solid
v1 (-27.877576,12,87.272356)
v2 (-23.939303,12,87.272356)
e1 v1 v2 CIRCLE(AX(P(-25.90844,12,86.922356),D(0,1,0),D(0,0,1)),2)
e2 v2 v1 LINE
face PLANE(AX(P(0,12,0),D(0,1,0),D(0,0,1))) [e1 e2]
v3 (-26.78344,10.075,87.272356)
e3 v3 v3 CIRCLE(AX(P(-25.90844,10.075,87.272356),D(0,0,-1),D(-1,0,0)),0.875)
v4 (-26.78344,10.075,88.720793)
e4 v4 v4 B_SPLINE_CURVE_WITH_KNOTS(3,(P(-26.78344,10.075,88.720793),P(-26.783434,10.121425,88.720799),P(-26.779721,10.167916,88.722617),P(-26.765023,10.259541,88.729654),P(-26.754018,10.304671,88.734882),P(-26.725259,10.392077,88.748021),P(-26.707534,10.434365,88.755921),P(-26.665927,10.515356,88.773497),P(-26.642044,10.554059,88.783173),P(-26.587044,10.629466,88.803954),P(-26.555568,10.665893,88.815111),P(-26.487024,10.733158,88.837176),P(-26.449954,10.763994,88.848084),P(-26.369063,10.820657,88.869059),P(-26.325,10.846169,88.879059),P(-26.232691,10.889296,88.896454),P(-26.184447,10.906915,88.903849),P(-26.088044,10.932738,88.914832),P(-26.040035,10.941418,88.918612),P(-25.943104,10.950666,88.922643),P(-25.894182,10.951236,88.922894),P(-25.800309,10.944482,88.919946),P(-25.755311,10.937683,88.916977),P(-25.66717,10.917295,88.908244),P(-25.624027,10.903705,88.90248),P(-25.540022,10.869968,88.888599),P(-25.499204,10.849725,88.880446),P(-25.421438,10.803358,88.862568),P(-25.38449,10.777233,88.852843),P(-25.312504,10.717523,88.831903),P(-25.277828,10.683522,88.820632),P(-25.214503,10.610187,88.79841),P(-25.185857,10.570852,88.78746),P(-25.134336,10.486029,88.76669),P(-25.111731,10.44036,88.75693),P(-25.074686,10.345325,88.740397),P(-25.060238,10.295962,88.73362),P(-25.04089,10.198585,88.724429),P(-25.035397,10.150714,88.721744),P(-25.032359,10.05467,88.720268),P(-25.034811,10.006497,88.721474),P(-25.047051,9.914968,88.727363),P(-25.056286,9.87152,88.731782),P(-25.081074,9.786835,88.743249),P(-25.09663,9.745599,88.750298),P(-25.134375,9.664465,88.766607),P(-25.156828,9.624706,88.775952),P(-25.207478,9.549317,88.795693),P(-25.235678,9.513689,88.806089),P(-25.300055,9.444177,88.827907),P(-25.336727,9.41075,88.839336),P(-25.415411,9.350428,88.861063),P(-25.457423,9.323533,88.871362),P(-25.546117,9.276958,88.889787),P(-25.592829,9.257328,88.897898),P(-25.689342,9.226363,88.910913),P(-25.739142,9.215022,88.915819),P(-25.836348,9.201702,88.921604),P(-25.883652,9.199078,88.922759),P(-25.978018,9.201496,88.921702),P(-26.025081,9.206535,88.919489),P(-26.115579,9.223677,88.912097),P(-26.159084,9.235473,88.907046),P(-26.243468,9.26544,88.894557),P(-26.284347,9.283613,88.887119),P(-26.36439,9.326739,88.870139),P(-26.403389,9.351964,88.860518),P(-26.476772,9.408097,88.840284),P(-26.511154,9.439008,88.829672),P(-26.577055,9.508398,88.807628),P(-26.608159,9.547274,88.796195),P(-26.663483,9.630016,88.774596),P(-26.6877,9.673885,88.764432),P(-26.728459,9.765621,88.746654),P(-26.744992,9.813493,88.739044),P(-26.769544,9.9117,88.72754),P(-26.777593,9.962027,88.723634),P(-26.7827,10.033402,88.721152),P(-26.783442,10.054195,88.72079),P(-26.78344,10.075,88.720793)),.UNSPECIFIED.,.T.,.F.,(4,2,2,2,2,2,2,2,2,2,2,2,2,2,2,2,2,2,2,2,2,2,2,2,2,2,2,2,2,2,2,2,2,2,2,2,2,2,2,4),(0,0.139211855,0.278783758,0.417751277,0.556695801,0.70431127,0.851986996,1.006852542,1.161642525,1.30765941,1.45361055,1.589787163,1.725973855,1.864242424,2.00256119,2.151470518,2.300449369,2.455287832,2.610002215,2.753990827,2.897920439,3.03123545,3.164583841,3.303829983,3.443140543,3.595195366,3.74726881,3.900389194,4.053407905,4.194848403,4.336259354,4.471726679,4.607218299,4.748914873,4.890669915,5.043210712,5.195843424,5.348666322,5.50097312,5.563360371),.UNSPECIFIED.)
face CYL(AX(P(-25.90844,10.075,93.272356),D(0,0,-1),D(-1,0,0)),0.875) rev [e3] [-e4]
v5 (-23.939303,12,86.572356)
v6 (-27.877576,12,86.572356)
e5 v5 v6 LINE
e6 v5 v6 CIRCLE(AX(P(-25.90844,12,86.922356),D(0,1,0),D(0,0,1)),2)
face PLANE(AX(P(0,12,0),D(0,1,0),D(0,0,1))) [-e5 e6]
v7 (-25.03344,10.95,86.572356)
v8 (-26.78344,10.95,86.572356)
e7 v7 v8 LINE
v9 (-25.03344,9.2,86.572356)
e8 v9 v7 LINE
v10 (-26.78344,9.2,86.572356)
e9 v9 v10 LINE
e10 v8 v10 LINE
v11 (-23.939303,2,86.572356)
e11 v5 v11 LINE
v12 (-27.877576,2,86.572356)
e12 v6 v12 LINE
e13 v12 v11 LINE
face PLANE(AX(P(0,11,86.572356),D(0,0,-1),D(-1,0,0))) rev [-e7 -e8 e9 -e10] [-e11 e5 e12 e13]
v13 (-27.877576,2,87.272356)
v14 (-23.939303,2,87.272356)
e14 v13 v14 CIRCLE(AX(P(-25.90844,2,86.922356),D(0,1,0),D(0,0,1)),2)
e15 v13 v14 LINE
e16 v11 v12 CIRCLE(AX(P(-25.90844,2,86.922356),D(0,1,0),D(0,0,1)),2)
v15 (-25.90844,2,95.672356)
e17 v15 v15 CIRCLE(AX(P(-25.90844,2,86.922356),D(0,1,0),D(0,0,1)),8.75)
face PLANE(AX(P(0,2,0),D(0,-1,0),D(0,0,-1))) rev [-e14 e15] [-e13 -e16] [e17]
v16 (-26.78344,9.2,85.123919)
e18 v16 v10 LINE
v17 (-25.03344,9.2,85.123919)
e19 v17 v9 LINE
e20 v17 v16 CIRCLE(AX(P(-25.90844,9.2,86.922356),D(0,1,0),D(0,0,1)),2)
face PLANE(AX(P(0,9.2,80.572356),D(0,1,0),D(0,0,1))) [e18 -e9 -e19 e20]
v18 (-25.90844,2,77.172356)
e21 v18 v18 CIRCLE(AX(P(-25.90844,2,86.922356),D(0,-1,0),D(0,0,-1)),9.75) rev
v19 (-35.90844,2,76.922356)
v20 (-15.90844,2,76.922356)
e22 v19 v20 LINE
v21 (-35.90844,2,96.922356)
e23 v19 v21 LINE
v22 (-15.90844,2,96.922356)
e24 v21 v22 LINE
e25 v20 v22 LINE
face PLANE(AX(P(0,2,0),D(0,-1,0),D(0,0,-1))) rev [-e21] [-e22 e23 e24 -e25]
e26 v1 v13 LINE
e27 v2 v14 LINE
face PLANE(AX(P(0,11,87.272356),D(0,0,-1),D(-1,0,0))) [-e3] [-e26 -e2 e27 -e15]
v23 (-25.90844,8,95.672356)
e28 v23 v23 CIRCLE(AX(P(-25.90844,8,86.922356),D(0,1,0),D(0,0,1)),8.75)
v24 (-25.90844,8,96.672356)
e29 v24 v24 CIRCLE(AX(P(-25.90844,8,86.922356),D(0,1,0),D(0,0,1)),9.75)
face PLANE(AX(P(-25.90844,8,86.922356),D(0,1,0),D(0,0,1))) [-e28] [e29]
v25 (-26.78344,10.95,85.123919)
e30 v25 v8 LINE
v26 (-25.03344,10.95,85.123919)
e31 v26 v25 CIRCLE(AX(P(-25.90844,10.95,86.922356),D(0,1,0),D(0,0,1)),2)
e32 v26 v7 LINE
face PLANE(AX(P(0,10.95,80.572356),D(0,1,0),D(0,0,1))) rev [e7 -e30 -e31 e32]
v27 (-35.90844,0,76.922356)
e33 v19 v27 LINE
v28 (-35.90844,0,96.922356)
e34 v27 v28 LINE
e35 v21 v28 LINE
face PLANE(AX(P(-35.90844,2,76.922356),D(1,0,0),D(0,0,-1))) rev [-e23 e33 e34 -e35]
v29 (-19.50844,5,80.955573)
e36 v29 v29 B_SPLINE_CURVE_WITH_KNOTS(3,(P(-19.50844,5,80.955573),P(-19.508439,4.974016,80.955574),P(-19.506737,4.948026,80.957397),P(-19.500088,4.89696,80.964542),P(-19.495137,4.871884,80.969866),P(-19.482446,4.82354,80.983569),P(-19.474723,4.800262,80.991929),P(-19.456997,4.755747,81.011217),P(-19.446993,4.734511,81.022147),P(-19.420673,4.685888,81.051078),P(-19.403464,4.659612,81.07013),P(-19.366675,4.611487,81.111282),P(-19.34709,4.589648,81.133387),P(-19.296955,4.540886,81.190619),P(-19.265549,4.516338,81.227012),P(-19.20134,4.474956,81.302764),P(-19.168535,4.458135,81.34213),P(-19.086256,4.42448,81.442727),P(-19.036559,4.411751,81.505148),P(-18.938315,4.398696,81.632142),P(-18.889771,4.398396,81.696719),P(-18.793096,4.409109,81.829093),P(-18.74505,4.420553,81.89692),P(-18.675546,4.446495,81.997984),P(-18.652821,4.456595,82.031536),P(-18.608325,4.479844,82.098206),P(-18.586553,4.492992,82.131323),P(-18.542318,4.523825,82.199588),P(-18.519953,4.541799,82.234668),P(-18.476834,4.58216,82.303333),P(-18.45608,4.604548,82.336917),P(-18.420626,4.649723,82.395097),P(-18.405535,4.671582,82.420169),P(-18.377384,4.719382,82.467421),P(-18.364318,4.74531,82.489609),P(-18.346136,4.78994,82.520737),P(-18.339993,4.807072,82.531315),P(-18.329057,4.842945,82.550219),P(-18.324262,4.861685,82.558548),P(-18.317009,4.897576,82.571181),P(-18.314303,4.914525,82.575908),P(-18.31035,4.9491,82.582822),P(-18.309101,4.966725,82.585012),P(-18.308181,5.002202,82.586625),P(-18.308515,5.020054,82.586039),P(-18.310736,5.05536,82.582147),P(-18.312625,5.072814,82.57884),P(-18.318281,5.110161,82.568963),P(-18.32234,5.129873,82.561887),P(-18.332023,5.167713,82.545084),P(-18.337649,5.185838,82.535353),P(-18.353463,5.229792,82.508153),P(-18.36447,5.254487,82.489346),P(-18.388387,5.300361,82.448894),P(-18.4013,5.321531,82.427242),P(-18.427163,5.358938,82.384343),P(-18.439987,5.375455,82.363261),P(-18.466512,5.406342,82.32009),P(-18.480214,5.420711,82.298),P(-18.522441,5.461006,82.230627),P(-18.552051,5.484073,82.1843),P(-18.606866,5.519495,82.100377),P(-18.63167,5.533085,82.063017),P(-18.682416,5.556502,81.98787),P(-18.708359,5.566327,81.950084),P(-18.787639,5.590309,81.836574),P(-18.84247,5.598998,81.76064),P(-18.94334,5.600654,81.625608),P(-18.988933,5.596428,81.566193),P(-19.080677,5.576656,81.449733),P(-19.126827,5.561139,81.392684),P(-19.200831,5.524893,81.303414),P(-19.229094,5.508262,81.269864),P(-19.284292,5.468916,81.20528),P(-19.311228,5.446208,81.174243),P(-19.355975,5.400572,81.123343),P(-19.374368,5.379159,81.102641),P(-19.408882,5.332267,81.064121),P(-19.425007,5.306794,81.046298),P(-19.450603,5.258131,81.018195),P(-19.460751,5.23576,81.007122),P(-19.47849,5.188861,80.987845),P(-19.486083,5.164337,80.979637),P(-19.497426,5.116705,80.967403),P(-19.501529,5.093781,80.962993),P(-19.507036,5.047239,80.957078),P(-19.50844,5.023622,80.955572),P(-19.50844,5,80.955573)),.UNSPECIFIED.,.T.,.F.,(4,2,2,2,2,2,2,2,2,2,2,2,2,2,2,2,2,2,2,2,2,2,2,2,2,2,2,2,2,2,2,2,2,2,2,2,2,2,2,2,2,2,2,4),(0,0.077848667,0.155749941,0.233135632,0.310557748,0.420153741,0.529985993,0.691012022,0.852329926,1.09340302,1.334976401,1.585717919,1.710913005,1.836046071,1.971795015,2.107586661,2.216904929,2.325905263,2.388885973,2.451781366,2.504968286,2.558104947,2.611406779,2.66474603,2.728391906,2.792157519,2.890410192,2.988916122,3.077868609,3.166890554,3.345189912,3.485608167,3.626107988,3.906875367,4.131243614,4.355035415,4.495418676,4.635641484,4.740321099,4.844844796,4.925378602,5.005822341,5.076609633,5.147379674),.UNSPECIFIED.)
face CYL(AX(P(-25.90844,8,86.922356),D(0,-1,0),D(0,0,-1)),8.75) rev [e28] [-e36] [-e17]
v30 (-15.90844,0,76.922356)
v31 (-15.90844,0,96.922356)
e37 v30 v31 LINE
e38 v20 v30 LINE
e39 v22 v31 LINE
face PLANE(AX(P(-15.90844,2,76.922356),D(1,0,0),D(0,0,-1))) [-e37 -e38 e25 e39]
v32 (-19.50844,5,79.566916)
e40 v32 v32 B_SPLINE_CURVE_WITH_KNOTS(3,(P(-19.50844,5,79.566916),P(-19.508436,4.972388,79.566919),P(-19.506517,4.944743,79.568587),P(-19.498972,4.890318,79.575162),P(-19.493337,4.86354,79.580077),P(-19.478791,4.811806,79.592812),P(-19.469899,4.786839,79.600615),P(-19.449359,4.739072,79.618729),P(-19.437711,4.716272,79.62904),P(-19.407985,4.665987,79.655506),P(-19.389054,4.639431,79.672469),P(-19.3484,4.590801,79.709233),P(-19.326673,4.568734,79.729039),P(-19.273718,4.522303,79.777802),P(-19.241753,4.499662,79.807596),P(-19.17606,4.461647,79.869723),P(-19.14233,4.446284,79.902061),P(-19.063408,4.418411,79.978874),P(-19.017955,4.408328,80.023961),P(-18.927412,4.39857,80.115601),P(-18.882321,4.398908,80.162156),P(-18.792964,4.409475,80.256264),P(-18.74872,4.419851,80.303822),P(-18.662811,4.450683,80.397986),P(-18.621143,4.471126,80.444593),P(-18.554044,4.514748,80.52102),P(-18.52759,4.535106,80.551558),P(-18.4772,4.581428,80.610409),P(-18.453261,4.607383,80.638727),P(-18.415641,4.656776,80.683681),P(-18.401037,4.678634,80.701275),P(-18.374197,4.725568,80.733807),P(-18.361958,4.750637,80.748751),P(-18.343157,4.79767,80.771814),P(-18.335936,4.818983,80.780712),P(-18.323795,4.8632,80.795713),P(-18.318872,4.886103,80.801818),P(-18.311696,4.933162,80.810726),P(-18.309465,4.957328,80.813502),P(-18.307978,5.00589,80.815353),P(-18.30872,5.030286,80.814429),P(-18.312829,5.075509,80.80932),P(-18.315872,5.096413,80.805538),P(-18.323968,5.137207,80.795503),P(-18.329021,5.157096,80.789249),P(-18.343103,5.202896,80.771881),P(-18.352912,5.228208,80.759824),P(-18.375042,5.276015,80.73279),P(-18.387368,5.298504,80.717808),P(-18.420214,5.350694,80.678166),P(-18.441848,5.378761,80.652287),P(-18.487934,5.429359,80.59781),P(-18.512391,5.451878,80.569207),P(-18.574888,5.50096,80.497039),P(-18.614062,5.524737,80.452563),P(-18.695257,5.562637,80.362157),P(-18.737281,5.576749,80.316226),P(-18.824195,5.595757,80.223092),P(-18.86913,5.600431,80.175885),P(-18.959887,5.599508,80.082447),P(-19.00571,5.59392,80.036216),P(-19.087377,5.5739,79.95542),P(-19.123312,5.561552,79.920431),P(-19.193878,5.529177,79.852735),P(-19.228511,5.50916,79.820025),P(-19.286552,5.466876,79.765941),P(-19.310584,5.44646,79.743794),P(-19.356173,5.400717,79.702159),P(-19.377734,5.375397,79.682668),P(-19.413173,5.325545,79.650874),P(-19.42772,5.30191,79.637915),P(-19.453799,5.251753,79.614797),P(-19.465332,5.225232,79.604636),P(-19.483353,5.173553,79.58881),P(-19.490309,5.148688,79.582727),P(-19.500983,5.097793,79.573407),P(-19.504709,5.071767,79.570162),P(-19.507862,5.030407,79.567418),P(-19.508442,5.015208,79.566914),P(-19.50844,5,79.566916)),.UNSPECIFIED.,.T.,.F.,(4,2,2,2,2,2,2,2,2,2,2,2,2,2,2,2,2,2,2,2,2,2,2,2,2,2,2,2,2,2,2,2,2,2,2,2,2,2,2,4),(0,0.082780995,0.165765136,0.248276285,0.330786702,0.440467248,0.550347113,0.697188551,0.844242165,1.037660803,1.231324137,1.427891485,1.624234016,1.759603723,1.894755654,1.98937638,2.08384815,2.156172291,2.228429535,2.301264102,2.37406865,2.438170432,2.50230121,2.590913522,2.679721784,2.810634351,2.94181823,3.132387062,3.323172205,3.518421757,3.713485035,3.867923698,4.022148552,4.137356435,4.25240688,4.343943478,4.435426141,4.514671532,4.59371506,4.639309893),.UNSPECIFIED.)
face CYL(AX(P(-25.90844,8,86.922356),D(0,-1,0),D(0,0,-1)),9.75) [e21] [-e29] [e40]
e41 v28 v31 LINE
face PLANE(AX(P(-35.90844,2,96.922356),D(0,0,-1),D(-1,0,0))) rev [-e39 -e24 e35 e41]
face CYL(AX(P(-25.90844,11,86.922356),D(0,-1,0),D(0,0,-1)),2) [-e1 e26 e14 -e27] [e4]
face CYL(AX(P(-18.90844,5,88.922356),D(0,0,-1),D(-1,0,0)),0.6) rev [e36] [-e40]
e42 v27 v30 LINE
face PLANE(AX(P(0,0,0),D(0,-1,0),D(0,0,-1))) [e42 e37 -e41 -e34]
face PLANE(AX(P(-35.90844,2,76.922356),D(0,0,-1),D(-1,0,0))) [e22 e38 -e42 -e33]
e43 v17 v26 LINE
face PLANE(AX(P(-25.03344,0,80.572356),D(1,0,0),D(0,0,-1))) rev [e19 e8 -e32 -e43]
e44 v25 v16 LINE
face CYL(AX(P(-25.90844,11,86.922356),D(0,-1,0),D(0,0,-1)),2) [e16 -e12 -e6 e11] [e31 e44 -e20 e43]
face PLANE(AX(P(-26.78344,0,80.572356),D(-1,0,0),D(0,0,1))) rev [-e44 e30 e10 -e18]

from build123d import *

# Parameters (mm, degrees)
SKETCH1_W           = 20
SKETCH1_H           = 20
BOSS_EXTRUDE1_DEPTH = 2
SKETCH2_R           = 9.75
SKETCH2_R_2         = 8.75
BOSS_EXTRUDE2_DEPTH = 6
BOSS_EXTRUDE3_DEPTH = 9
CUT_EXTRUDE4_DEPTH  = 6
SKETCH6_R           = 0.875
CUT_EXTRUDE5_DEPTH  = 6
BOSS_EXTRUDE4_DEPTH = 1
SKETCH8_R           = 0.6
CUT_EXTRUDE6_DEPTH  = 12


with BuildPart() as part:
    # Sketch1 → Boss-Extrude1 (new body)
    with BuildSketch(Plane(origin=(0, 0, 0), x_dir=(1, 0, 0), z_dir=(0, 1, 0))):
        with Locations((-25.908439561, -86.922355933)):
            Rectangle(SKETCH1_W, SKETCH1_H)
    extrude(amount=BOSS_EXTRUDE1_DEPTH)

    # Sketch2 → Boss-Extrude2 (add)
    with BuildSketch(Plane(origin=(0, 2, 0), x_dir=(1, 0, 0), z_dir=(0, 1, 0))):
        with Locations((-25.908439561, -86.922355933)):
            Circle(SKETCH2_R)
        with Locations((-25.908439561, -86.922355933)):
            Circle(SKETCH2_R_2, mode=Mode.SUBTRACT)
    extrude(amount=BOSS_EXTRUDE2_DEPTH)

    # Sketch3 → Boss-Extrude3 (add)
    with BuildSketch(Plane(origin=(0, 2, 0), x_dir=(1, 0, 0), z_dir=(0, 1, 0))):
        with BuildLine():
            Line((-27.877576428, -86.572355933), (-23.939302694, -86.572355933))
            ThreePointArc((-23.939302694, -86.572355933), (-25.908439561, -84.922355933), (-27.877576428, -86.572355933))
        make_face()
        with BuildLine():
            Line((-23.939302694, -87.272355933), (-27.877576428, -87.272355933))
            ThreePointArc((-27.877576428, -87.272355933), (-25.908439561, -88.922355933), (-23.939302694, -87.272355933))
        make_face()
    extrude(amount=BOSS_EXTRUDE3_DEPTH)

    # Sketch4 → Cut-Extrude4 (cut)
    with BuildSketch(Plane.XY.offset(86.572355933)):
        Polygon((-26.783439561, 9.2), (-25.908439561, 9.2), (-25.033439561, 9.2), (-25.033439561, 10.95), (-26.783439561, 10.95), align=None)
    extrude(amount=-CUT_EXTRUDE4_DEPTH, mode=Mode.SUBTRACT)

    # Sketch6 → Cut-Extrude5 (cut)
    with BuildSketch(Plane(origin=(0, 0, 87.272355933), x_dir=(-1, 0, 0), z_dir=(0, 0, -1))):
        with Locations((25.908439561, 10.075)):
            Circle(SKETCH6_R)
    extrude(amount=-CUT_EXTRUDE5_DEPTH, mode=Mode.SUBTRACT)

    # Sketch7 → Boss-Extrude4 (add)
    with BuildSketch(Plane(origin=(0, 11, 0), x_dir=(1, 0, 0), z_dir=(0, 1, 0))):
        with BuildLine():
            Line((-27.877576428, -86.572355933), (-23.939302694, -86.572355933))
            ThreePointArc((-23.939302694, -86.572355933), (-25.908439561, -84.922355933), (-27.877576428, -86.572355933))
        make_face()
        with BuildLine():
            Line((-23.939302694, -87.272355933), (-27.877576428, -87.272355933))
            ThreePointArc((-27.877576428, -87.272355933), (-25.908439561, -88.922355933), (-23.939302694, -87.272355933))
        make_face()
    extrude(amount=BOSS_EXTRUDE4_DEPTH)

    # Sketch8 → Cut-Extrude6 (cut)
    with BuildSketch(Plane(origin=(0, 0, 76.922355933), x_dir=(-1, 0, 0), z_dir=(0, 0, -1))):
        with Locations((18.908439561, 5)):
            Circle(SKETCH8_R)
    extrude(amount=-CUT_EXTRUDE6_DEPTH, mode=Mode.SUBTRACT)


solid = part.part
